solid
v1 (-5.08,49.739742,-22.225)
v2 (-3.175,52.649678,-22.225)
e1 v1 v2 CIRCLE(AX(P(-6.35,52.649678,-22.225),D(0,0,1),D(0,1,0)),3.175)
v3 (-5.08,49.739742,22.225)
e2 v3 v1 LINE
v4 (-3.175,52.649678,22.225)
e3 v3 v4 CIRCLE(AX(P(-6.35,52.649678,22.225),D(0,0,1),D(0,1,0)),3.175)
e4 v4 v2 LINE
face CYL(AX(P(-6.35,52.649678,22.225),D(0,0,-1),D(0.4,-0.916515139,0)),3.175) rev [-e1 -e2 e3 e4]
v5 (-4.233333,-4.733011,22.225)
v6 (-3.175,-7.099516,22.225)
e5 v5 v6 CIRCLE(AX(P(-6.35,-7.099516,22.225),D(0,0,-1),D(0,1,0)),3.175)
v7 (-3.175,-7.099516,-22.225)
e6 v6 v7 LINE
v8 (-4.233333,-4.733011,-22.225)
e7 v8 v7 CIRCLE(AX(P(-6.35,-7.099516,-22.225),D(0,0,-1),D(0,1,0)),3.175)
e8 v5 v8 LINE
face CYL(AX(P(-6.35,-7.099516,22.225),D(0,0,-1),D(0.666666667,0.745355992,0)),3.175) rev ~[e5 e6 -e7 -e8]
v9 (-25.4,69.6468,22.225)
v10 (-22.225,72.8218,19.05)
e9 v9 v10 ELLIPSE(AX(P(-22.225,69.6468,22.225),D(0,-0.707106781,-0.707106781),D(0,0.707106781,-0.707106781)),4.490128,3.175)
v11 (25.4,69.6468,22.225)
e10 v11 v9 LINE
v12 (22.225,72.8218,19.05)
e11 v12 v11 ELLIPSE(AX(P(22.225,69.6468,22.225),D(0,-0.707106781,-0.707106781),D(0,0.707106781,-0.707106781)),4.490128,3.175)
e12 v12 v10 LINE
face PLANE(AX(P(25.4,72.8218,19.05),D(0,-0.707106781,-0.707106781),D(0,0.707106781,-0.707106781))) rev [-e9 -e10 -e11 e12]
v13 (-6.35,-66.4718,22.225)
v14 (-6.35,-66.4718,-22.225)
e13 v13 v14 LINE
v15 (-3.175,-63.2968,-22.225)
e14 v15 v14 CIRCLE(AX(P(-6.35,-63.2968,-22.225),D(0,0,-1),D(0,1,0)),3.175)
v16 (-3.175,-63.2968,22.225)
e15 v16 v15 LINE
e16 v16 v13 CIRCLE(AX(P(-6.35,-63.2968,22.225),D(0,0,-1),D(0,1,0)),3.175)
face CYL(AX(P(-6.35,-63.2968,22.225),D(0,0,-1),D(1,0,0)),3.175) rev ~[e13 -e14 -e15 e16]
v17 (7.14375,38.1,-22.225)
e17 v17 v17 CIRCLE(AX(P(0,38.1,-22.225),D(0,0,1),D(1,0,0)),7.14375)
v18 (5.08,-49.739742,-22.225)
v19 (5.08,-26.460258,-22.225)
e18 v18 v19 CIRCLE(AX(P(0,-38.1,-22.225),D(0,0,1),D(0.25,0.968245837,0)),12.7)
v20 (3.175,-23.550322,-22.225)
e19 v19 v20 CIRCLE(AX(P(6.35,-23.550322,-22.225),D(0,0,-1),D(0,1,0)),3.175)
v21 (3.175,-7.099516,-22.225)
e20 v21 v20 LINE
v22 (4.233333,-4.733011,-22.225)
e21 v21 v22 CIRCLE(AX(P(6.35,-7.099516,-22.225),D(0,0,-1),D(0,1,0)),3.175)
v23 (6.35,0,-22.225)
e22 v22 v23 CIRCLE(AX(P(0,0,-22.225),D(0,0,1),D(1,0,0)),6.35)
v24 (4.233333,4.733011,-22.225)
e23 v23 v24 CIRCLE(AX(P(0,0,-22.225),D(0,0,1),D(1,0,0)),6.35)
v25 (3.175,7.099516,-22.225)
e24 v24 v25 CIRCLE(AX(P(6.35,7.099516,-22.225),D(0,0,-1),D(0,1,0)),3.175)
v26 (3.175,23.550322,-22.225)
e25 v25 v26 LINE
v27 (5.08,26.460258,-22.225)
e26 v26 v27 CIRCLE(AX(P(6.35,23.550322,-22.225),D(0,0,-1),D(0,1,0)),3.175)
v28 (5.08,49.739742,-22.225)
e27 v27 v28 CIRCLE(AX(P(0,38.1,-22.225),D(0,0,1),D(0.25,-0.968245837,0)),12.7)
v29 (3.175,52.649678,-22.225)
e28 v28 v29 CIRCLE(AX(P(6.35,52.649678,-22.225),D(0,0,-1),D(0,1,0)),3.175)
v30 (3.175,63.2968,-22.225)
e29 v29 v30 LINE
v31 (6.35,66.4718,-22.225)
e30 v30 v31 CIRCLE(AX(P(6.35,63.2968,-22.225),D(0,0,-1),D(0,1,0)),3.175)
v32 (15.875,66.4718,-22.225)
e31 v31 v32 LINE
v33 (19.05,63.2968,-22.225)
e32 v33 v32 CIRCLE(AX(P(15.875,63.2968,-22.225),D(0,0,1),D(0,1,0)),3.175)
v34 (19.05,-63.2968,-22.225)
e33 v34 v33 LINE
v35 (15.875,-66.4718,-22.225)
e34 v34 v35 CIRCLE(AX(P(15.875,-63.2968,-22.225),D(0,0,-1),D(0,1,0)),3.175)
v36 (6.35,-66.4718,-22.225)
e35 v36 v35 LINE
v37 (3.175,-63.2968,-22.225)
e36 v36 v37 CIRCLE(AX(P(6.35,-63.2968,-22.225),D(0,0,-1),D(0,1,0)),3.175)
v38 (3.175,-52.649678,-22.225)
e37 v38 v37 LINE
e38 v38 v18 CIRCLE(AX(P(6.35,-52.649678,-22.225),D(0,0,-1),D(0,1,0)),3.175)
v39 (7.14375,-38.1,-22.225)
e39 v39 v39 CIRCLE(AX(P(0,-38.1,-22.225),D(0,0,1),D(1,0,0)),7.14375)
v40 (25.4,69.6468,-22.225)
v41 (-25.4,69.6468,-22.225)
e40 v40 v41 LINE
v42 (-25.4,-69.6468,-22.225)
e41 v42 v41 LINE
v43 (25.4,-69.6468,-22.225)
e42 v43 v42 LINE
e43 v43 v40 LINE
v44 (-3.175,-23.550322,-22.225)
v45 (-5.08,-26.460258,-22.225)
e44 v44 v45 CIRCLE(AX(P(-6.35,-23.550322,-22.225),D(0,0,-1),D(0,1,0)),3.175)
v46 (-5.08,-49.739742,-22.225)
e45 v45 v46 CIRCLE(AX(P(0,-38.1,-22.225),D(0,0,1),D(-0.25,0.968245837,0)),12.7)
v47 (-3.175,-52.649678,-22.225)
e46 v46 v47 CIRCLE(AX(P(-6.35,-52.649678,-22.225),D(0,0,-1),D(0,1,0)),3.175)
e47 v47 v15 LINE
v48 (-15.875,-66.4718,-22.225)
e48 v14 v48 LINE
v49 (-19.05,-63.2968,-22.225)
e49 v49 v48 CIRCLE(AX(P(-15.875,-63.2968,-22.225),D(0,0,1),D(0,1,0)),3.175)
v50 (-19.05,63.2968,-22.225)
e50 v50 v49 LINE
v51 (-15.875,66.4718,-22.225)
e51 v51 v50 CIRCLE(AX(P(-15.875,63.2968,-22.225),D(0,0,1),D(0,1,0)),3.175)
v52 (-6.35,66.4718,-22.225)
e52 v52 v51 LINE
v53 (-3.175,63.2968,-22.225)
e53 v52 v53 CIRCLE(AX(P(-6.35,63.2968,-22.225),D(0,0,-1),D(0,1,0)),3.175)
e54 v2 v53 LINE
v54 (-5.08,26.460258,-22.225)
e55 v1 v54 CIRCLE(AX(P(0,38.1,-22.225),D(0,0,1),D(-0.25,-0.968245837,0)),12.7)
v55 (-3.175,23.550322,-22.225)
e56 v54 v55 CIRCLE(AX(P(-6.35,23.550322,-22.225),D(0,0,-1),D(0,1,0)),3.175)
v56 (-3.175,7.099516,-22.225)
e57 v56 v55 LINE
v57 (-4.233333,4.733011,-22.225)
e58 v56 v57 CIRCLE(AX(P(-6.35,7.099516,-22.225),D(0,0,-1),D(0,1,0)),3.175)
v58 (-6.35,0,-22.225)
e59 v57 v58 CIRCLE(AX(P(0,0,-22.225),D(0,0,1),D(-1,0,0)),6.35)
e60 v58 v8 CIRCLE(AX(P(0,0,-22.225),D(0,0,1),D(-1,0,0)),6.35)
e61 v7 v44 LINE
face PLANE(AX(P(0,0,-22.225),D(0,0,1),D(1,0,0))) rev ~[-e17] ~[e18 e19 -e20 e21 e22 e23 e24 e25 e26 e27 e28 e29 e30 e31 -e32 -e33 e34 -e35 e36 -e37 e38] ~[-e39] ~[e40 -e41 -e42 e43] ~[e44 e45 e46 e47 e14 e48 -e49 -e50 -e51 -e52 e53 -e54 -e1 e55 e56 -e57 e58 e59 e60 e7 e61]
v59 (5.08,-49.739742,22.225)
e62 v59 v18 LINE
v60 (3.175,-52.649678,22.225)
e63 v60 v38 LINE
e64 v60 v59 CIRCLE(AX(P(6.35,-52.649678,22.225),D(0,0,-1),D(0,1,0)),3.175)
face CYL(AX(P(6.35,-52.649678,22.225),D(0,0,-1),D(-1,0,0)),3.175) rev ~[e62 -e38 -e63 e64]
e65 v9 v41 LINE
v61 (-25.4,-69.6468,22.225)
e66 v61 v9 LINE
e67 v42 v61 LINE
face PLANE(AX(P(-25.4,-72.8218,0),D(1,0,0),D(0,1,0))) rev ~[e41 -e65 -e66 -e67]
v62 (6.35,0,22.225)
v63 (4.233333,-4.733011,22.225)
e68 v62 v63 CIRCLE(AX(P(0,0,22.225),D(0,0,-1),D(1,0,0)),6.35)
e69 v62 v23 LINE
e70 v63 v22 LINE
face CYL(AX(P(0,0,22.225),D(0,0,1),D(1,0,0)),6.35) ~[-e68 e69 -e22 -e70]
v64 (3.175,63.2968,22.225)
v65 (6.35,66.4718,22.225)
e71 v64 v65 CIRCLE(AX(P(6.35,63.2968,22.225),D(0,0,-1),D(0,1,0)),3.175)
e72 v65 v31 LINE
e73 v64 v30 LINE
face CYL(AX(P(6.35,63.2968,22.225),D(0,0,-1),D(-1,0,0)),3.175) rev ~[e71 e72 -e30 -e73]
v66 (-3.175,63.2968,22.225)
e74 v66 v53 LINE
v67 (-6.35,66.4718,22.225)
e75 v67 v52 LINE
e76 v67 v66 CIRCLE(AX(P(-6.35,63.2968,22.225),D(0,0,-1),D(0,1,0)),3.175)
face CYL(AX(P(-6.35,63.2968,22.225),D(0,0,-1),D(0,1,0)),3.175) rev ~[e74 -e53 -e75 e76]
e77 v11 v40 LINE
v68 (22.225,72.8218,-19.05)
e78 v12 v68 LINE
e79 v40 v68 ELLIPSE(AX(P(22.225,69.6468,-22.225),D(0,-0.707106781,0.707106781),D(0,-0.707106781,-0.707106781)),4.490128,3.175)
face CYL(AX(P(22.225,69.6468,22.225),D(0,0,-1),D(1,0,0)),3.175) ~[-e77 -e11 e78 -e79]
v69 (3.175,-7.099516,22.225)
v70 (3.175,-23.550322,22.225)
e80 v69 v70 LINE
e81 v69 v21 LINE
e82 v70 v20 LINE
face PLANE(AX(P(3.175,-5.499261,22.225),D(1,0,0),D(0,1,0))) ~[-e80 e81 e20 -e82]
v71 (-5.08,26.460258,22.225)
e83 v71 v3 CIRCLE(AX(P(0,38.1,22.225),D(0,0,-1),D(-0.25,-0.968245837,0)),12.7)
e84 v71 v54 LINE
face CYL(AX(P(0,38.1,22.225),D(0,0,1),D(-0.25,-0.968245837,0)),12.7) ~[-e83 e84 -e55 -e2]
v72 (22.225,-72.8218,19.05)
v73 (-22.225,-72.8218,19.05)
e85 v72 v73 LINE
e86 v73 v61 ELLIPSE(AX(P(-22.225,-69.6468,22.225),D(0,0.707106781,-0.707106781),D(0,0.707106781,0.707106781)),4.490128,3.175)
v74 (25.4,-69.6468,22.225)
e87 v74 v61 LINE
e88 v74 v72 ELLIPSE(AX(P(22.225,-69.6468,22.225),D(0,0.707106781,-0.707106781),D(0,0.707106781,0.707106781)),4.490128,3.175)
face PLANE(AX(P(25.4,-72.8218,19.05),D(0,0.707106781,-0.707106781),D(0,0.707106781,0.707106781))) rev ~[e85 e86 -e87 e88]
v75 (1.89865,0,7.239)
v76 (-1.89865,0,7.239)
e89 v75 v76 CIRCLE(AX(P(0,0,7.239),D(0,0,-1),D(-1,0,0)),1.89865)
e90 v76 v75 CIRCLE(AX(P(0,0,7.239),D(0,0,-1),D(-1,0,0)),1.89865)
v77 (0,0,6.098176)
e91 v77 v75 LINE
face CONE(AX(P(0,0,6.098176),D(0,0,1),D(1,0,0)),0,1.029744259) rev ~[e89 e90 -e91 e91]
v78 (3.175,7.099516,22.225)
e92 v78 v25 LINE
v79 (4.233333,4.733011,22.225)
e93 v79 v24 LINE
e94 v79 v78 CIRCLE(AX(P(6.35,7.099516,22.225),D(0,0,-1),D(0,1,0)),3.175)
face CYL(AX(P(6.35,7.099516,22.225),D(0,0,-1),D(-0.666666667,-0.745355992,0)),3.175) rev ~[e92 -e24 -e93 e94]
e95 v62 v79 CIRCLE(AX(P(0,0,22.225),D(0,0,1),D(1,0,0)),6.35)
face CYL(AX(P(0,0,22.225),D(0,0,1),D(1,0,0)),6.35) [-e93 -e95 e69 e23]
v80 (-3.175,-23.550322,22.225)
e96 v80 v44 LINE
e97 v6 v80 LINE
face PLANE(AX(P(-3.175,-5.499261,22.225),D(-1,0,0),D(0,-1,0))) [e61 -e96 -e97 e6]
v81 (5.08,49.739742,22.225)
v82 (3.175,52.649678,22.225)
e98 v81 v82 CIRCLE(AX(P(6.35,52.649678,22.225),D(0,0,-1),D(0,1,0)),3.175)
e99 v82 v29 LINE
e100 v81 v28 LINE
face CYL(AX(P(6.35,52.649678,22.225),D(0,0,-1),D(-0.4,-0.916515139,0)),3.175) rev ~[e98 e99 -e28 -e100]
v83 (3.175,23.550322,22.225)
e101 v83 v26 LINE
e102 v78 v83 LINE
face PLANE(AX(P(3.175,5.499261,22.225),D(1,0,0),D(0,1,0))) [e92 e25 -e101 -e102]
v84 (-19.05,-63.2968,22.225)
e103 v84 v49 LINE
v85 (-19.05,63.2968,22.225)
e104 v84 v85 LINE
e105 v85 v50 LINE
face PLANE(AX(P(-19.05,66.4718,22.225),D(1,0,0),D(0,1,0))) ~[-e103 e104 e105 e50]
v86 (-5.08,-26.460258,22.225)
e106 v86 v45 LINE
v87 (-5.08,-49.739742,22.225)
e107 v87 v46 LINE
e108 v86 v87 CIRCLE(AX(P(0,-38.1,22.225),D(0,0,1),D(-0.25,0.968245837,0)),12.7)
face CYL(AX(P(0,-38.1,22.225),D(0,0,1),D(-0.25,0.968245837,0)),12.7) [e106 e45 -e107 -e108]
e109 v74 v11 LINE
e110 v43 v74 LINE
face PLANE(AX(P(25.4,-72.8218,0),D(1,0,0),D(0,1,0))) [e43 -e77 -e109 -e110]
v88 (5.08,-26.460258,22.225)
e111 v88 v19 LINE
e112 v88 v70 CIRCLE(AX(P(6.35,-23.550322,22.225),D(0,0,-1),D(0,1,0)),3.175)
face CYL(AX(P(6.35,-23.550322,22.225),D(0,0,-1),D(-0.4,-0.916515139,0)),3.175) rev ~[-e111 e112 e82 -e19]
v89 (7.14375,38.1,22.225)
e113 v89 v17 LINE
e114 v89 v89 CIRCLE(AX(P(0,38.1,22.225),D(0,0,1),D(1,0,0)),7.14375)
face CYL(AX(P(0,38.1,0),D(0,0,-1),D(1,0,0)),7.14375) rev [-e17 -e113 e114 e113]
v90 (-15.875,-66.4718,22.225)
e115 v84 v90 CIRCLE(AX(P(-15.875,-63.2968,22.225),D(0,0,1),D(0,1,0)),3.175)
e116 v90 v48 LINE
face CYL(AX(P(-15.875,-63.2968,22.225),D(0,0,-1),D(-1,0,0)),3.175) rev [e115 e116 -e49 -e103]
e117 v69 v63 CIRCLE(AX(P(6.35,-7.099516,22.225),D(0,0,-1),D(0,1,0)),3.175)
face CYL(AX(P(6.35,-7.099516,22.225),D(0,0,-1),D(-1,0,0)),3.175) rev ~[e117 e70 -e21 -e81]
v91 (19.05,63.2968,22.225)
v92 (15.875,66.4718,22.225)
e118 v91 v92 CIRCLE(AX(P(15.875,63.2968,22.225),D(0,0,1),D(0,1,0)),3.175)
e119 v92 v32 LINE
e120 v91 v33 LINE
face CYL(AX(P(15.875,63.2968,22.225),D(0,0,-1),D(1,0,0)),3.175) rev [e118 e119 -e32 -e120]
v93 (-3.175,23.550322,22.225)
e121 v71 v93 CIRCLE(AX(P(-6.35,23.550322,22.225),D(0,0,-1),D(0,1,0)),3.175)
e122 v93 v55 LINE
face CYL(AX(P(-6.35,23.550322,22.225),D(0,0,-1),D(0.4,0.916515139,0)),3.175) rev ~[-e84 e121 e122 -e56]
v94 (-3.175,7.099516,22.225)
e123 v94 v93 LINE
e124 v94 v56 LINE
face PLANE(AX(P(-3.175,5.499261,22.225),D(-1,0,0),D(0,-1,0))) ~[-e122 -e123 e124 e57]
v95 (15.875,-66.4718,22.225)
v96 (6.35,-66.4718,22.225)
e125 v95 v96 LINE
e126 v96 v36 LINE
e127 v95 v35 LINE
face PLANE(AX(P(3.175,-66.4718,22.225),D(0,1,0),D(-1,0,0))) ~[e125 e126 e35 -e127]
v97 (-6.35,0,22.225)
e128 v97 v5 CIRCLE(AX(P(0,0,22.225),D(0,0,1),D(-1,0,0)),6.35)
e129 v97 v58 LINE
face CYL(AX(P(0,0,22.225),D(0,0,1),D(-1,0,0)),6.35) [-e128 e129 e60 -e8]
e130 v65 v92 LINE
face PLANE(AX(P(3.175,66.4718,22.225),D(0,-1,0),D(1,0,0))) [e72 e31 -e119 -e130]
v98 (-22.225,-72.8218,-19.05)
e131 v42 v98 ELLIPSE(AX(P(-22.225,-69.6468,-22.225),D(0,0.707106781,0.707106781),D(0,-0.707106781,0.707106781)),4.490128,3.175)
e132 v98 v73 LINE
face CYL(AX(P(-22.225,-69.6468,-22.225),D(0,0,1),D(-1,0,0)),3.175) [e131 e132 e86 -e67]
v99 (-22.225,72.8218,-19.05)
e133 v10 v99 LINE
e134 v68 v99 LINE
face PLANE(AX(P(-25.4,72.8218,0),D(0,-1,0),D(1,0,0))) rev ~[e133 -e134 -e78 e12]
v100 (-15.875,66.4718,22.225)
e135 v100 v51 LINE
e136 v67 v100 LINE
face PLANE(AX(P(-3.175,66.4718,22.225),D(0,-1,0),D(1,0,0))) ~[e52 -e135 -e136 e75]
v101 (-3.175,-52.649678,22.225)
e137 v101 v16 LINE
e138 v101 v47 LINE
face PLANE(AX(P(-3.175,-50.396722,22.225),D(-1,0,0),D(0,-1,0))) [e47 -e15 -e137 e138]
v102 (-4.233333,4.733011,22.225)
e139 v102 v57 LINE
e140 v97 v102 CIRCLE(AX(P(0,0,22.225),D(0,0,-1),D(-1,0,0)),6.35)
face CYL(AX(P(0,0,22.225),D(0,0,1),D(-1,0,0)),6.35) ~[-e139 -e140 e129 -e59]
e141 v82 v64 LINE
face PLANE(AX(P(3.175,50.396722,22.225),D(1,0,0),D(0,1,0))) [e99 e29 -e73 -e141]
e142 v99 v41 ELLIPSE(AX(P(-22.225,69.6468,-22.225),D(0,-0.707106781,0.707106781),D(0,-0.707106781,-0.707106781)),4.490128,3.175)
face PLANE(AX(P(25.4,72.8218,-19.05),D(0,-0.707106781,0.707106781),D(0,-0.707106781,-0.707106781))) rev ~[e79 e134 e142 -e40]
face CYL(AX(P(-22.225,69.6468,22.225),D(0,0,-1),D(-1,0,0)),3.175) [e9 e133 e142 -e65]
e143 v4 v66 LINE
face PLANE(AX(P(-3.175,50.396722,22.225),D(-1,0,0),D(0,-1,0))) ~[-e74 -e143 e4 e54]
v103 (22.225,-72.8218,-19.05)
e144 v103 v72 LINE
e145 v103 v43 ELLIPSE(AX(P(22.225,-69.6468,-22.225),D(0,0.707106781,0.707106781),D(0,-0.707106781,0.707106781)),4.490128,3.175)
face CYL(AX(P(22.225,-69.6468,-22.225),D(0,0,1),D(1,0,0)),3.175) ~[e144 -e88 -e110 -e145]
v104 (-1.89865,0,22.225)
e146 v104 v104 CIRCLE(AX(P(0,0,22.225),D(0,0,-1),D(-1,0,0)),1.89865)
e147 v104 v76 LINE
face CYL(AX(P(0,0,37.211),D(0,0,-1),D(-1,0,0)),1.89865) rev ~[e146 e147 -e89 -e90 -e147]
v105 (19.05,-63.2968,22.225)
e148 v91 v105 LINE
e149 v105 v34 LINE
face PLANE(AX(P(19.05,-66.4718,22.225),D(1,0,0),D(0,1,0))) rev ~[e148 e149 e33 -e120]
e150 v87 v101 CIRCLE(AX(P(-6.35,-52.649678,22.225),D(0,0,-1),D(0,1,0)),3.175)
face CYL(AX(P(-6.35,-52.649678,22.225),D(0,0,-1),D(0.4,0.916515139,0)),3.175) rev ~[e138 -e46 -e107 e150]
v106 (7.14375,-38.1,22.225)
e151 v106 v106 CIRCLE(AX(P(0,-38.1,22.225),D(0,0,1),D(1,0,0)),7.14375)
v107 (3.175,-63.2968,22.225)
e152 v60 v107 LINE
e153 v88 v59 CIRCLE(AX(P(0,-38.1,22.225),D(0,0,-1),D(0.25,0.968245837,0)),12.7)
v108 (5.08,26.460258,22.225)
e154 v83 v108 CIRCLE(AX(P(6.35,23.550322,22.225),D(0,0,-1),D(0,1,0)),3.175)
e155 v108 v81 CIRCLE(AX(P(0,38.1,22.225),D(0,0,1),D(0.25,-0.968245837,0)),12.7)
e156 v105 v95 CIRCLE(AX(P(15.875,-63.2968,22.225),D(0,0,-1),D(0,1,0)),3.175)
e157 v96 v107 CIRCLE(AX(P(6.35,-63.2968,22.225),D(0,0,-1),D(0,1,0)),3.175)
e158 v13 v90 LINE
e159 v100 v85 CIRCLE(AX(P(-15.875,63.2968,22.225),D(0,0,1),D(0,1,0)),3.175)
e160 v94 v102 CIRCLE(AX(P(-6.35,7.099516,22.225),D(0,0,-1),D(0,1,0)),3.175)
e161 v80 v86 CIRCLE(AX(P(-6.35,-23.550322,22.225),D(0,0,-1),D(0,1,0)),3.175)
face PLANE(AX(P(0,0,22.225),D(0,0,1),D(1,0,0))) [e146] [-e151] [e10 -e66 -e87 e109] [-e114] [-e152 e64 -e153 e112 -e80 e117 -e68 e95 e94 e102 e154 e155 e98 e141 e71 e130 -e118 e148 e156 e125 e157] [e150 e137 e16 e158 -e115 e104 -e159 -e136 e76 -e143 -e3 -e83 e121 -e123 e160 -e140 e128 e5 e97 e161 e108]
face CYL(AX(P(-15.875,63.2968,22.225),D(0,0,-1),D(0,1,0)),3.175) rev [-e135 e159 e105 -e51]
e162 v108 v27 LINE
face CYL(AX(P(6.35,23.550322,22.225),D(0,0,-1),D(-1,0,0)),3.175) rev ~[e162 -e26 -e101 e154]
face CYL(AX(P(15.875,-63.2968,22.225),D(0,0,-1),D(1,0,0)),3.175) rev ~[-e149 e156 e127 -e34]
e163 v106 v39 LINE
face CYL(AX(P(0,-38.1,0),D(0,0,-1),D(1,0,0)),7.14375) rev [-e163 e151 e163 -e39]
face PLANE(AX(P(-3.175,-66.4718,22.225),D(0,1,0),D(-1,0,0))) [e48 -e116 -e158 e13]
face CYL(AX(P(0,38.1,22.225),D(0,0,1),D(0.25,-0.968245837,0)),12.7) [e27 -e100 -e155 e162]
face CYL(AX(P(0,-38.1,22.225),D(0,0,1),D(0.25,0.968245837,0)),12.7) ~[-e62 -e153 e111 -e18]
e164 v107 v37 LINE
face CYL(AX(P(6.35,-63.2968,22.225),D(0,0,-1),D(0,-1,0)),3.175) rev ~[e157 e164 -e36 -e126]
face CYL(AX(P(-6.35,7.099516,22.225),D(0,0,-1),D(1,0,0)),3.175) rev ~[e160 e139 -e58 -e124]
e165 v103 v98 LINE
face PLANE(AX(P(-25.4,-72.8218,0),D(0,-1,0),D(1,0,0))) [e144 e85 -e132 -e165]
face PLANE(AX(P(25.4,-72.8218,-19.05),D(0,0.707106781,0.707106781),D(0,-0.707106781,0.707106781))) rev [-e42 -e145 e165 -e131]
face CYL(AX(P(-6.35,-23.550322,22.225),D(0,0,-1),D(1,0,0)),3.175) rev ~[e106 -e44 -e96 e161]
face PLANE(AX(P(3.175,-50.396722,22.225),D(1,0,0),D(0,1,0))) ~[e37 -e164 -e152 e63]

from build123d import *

# Parameters (mm, degrees)
SKETCH1_W                  = 50.8
SKETCH1_H                  = 145.6436
SKETCH1_R                  = 7.14375
BOSS_EXTRUDE1_DEPTH        = 22.225
CUT_EXTRUDE2_DEPTH         = 45.45
FILLET1_R                  = 3.175
CUT_EXTRUDE4_DEPTH         = 51.8
MIRROR3_COPY_1_DEPTH       = 45.45
MIRROR3_COPY_2_DEPTH       = 45.45
MIRROR3_COPY_3_DEPTH       = 51.8
F_10_24_TAPPED_HOLE1_D     = 3.7973
F_10_24_TAPPED_HOLE1_DEPTH = 14.986
F_10_24_TAPPED_HOLE1_TIP   = 1.140824014
FILLET2_R                  = 3.175


with BuildPart() as part:
    # Sketch1 → Boss-Extrude1 (new body, symmetric)
    with BuildSketch(Plane.XY):
        Rectangle(SKETCH1_W, SKETCH1_H)
        with Locations((0, 38.1)):
            Circle(SKETCH1_R, mode=Mode.SUBTRACT)
        with Locations((0, -38.1)):
            Circle(SKETCH1_R, mode=Mode.SUBTRACT)
    extrude(amount=BOSS_EXTRUDE1_DEPTH, both=True)

    # Sketch3 → Cut-Extrude2 (cut, through all)
    with BuildSketch(Plane.XY.offset(22.225)):
        with BuildLine():
            Line((19.05, 66.4718), (19.05, 0))
            Line((19.05, 0), (6.35, 0))
            ThreePointArc((6.35, 0), (5.499261314, 3.175), (3.175, 5.499261314))
            Line((3.175, 5.499261314), (3.175, 25.803277876))
            ThreePointArc((3.175, 25.803277876), (12.7, 38.1), (3.175, 50.396722124))
            Line((3.175, 50.396722124), (3.175, 66.4718))
            Line((3.175, 66.4718), (19.05, 66.4718))
        make_face()
    cut_extrude2 = extrude(amount=-CUT_EXTRUDE2_DEPTH, mode=Mode.SUBTRACT)

    # Mirror4: Cut-Extrude2 across plane
    add(cut_extrude2.mirror(Plane(origin=(0, 0, 0), x_dir=(0, 0, 1), z_dir=(1, 0, 0))), mode=Mode.SUBTRACT)

    # Mirror1: Cut-Extrude2 across plane
    add(cut_extrude2.mirror(Plane.ZX), mode=Mode.SUBTRACT)

    # Fillet1
    fillet1_edges = [part.edges().sort_by_distance(p)[0] for p in [
        (3.175, 50.396722124, 0),
        (19.05, 66.4718, 0),
        (-19.05, 66.4718, 0),
        (-3.175, 50.396722124, 0),
        (-25.4, 72.8218, 0),
        (19.05, -66.4718, 0),
        (25.4, 72.8218, 0),
        (25.4, -72.8218, 0),
        (-25.4, -72.8218, 0),
    ]]
    fillet(fillet1_edges, radius=FILLET1_R)

    # Sketch5 → Cut-Extrude4 (cut, through all)
    with BuildSketch(Plane(origin=(25.4, 0, 0), x_dir=(0, 0, -1), z_dir=(1, 0, 0))):
        Polygon((19.05, 72.8218), (22.225, 69.6468), (22.225, 72.8218), align=None)
    cut_extrude4 = extrude(amount=-CUT_EXTRUDE4_DEPTH, mode=Mode.SUBTRACT)

    # Mirror2: Cut-Extrude4 across plane
    add(cut_extrude4.mirror(Plane.XY), mode=Mode.SUBTRACT)

    # Mirror3: Cut-Extrude4 across plane
    add(cut_extrude4.mirror(Plane.ZX), mode=Mode.SUBTRACT)

    # Mirror3 copy 1 sketch → Mirror3 copy 1 (cut, through all)
    with BuildSketch(Plane(origin=(0, 0, 22.225), x_dir=(-1, 0, 0), z_dir=(0, 0, 1))):
        with BuildLine():
            Line((19.05, 66.4718), (19.05, 0))
            Line((19.05, 0), (6.35, 0))
            ThreePointArc((6.35, 0), (5.499261314, 3.175), (3.175, 5.499261314))
            Line((3.175, 5.499261314), (3.175, 25.803277876))
            ThreePointArc((3.175, 25.803277876), (12.7, 38.1), (3.175, 50.396722124))
            Line((3.175, 50.396722124), (3.175, 66.4718))
            Line((3.175, 66.4718), (19.05, 66.4718))
        make_face()
    extrude(amount=-MIRROR3_COPY_1_DEPTH, mode=Mode.SUBTRACT)

    # Mirror3 copy 2 sketch → Mirror3 copy 2 (cut, through all)
    with BuildSketch(Plane.XY.offset(22.225)):
        with BuildLine():
            Line((19.05, -66.4718), (19.05, 0))
            Line((19.05, 0), (6.35, 0))
            ThreePointArc((6.35, 0), (5.499261314, -3.175), (3.175, -5.499261314))
            Line((3.175, -5.499261314), (3.175, -25.803277876))
            ThreePointArc((3.175, -25.803277876), (12.7, -38.1), (3.175, -50.396722124))
            Line((3.175, -50.396722124), (3.175, -66.4718))
            Line((3.175, -66.4718), (19.05, -66.4718))
        make_face()
    extrude(amount=-MIRROR3_COPY_2_DEPTH, mode=Mode.SUBTRACT)

    # Mirror3 copy 3 sketch → Mirror3 copy 3 (cut, through all)
    with BuildSketch(Plane(origin=(25.4, 0, 0), x_dir=(0, 0, 1), z_dir=(1, 0, 0))):
        Polygon((19.05, 72.8218), (22.225, 69.6468), (22.225, 72.8218), align=None)
    extrude(amount=-MIRROR3_COPY_3_DEPTH, mode=Mode.SUBTRACT)

    # #10-24 Tapped Hole1
    with Locations(Plane.XY.offset(22.225)):
        with Locations((0, 0)):
            Hole(F_10_24_TAPPED_HOLE1_D / 2, depth=F_10_24_TAPPED_HOLE1_DEPTH)
            with Locations((0, 0, -(F_10_24_TAPPED_HOLE1_DEPTH + F_10_24_TAPPED_HOLE1_TIP / 2))):  # 118° drill point
                Cone(0, F_10_24_TAPPED_HOLE1_D / 2, F_10_24_TAPPED_HOLE1_TIP, mode=Mode.SUBTRACT)

    # Fillet2
    fillet2_edges = [part.edges().sort_by_distance(p)[0] for p in [
        (-3.175, -5.499261314, 0),
        (-3.175, -25.803277876, 0),
        (-3.175, -50.396722124, 0),
        (-3.175, -66.4718, 0),
        (-19.05, -66.4718, 0),
        (19.05, -66.4718, 0),
        (3.175, 5.499261314, 0),
        (3.175, 25.803277876, 0),
        (3.175, 66.4718, 0),
        (-3.175, 66.4718, 0),
        (-3.175, 25.803277876, 0),
        (-3.175, 5.499261314, 0),
        (3.175, -66.4718, 0),
        (3.175, -50.396722124, 0),
        (3.175, -25.803277876, 0),
        (3.175, -5.499261314, 0),
    ]]
    fillet(fillet2_edges, radius=FILLET2_R)


solid = part.part
